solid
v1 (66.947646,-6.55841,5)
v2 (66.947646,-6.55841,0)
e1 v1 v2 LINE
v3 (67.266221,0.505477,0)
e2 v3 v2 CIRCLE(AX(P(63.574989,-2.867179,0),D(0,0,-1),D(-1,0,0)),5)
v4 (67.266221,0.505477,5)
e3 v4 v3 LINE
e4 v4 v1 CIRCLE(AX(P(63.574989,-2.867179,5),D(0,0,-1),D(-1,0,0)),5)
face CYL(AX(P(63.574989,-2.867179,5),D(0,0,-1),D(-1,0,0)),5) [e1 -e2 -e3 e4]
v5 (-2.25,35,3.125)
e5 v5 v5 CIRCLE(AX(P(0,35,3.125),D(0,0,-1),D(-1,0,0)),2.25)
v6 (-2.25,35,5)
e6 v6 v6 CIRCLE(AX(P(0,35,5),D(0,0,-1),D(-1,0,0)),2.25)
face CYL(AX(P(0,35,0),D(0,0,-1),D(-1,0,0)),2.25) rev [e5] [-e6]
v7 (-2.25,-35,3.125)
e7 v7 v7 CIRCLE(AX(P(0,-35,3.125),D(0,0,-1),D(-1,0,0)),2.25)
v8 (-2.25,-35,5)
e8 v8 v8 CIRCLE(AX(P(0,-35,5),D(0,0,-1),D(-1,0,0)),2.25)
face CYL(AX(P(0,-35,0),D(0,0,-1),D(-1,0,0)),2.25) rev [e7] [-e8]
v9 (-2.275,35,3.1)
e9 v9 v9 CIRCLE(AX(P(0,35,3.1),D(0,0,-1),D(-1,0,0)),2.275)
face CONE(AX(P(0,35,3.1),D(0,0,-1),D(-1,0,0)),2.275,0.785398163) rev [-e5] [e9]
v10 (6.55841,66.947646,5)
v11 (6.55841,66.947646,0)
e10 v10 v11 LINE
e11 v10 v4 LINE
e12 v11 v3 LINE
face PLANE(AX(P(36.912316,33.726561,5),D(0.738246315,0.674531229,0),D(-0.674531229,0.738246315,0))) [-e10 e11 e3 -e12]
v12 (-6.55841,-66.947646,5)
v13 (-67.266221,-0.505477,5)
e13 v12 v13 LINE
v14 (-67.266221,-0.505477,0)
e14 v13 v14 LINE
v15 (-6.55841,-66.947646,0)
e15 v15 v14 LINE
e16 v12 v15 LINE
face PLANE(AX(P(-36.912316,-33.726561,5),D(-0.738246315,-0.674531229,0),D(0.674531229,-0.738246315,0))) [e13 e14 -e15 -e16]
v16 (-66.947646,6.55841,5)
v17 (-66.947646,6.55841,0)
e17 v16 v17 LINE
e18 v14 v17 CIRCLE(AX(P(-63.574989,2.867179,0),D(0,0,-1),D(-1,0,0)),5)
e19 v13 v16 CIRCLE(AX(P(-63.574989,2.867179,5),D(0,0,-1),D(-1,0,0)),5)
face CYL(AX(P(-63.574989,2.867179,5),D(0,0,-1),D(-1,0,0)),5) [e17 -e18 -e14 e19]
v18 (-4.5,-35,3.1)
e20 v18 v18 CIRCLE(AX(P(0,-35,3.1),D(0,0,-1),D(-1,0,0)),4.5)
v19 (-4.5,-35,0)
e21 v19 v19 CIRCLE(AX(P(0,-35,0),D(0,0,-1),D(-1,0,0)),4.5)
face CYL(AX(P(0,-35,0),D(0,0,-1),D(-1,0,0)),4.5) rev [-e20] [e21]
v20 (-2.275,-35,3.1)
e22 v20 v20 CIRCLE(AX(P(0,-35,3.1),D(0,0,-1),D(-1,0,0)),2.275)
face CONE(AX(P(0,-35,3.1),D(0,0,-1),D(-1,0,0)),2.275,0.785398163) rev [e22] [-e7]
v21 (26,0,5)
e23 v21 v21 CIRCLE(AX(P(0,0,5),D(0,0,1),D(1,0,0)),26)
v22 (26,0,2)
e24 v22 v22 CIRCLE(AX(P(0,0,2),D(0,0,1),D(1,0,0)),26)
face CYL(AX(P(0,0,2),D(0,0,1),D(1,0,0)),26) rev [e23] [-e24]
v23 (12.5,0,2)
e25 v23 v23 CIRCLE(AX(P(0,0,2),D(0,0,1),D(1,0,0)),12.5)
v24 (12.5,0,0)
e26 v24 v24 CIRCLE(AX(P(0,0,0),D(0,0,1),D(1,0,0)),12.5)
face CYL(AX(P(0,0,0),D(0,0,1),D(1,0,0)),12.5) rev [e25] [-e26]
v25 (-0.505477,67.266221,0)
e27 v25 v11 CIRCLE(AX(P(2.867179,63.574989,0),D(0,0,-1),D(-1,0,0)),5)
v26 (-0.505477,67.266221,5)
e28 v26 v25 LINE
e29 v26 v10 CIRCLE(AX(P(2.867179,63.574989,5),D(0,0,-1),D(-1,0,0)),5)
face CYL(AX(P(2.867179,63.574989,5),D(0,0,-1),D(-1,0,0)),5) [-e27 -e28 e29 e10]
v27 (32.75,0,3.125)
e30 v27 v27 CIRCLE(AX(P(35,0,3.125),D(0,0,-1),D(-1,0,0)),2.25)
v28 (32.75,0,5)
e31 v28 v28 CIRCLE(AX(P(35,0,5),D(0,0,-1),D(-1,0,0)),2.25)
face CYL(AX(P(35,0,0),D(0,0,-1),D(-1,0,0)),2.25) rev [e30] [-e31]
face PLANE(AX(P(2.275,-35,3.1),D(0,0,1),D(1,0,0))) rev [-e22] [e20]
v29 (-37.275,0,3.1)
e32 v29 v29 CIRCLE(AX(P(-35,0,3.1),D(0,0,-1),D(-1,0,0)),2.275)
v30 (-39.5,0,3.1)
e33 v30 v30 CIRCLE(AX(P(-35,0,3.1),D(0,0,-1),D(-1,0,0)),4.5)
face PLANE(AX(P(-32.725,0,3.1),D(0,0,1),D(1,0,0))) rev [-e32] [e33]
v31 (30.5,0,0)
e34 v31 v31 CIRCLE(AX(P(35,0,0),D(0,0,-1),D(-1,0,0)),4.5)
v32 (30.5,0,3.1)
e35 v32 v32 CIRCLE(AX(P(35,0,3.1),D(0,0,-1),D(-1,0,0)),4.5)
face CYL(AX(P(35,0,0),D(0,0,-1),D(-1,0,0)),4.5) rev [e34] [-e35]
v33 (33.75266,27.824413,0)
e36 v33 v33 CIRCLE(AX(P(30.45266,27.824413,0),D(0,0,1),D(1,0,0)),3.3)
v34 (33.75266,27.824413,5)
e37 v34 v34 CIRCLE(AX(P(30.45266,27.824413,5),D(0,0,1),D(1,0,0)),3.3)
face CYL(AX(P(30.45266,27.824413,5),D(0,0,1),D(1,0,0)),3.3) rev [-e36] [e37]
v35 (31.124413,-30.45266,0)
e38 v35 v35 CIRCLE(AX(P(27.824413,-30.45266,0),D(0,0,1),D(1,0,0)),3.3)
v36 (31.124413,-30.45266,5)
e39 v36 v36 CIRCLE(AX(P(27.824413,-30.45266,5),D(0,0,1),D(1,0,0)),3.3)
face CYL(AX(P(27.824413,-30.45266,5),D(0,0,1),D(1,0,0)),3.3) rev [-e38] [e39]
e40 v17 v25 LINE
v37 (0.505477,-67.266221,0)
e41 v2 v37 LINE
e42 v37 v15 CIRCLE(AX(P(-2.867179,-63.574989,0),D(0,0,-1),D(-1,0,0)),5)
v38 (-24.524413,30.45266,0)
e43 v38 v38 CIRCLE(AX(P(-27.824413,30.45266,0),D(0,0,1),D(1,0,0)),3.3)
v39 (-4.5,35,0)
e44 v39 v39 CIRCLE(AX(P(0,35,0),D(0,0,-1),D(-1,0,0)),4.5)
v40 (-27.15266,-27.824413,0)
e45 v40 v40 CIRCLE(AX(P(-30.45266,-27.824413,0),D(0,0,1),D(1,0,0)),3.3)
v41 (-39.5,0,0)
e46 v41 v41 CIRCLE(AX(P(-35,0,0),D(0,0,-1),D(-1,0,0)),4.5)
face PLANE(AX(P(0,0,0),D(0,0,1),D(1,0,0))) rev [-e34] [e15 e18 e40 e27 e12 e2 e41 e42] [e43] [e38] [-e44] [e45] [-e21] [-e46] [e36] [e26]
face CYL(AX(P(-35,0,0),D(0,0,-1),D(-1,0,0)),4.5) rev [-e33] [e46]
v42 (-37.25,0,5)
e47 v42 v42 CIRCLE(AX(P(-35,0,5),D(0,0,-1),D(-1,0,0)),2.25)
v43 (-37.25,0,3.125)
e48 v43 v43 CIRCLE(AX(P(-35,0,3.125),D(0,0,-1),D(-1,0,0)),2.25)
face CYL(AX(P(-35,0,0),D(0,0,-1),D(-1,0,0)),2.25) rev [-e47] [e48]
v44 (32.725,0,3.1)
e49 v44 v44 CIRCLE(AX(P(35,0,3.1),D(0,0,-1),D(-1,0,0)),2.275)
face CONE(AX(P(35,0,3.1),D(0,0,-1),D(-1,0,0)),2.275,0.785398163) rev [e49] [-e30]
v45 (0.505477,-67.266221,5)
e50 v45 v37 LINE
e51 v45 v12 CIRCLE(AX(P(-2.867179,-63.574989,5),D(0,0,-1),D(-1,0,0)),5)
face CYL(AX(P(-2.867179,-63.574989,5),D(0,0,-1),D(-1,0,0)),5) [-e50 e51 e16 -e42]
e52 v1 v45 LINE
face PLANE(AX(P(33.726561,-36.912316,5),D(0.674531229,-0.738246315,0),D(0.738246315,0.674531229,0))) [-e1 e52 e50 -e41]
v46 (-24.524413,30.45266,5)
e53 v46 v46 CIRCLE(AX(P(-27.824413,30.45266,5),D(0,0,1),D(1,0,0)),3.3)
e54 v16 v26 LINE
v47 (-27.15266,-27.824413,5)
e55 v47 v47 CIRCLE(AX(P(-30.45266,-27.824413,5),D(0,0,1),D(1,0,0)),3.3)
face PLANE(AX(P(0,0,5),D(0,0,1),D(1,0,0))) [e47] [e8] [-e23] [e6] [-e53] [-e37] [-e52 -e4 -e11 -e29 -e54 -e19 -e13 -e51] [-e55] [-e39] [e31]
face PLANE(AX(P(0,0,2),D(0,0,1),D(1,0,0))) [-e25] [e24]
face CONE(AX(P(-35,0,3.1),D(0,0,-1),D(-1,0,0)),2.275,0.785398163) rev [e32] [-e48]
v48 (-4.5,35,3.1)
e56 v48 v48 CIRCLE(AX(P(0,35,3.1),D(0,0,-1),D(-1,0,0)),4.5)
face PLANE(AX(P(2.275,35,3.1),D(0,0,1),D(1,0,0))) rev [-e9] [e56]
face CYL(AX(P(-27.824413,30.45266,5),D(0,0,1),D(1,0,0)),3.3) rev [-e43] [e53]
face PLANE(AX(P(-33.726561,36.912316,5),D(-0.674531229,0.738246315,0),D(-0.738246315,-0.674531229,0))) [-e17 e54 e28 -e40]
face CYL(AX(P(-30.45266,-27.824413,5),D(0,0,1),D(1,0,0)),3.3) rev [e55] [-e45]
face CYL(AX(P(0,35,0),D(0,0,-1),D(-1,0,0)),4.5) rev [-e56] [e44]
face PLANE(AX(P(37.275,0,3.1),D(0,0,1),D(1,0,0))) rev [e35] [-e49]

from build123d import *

# Parameters (mm, degrees)
ESQUISSE1_R                                = 50
BOSS_EXTRU_1_DEPTH                         = 5
ESQUISSE2_R                                = 26
ENL_V_MAT_EXTRU_1_DEPTH                    = 3
ESQUISSE3_R                                = 12.5
ENL_V_MAT_EXTRU_2_DEPTH                    = 71.887234394
CHAMBRAGE_POUR_VIS_T_TE_RONDE_BOMB_2_COUNT = 2
CHAMBRAGE_POUR_VIS_T_TE_RONDE_BOMB_2_PITCH = 49.497474683
CHAMBRAGE_POUR_VIS_T_TE_RONDE_BOMB_3_COUNT = 2
CHAMBRAGE_POUR_VIS_T_TE_RONDE_BOMB_3_PITCH = 70
CHAMBRAGE_POUR_VIS_T_TE_RONDE_BOMB_4_COUNT = 2
CHAMBRAGE_POUR_VIS_T_TE_RONDE_BOMB_4_PITCH = 49.497474683
D_GAGEMENT_M62_D                           = 6.6
BOSS_EXTRU_3_DEPTH                         = 5


with BuildPart() as part:
    # Esquisse1 → Boss.-Extru.1 (new body)
    with BuildSketch(Plane.XY):
        Circle(ESQUISSE1_R)
    extrude(amount=BOSS_EXTRU_1_DEPTH)

    # Esquisse2 → Enlèv. mat.-Extru.1 (cut)
    with BuildSketch(Plane.XY.offset(5)):
        Circle(ESQUISSE2_R)
    extrude(amount=-ENL_V_MAT_EXTRU_1_DEPTH, mode=Mode.SUBTRACT)

    # Esquisse3 → Enlèv. mat.-Extru.2 (cut, through all)
    with BuildSketch(Plane.XY.offset(5)):
        Circle(ESQUISSE3_R)
    extrude(amount=-ENL_V_MAT_EXTRU_2_DEPTH, mode=Mode.SUBTRACT)

    # Esquisse5 → Chambrage pour vis à tête ronde bombée M41 (revolve, cut)
    with BuildSketch(Plane(origin=(0, 35, 0), x_dir=(0, 1, 0), z_dir=(1, 0, 0))):
        Polygon((0, 0), (0, 5), (2.25, 5), (2.25, 3.125), (2.275, 3.1), (4.5, 3.1), (4.5, 0), align=None)
    chambrage_pour_vis_t_te_ronde_bomb_e_m = revolve(axis=Axis((0, 35, -6.35), (0, 0, 1)), mode=Mode.SUBTRACT)

    # Chambrage pour vis _ t_te ronde bomb 2: Chambrage pour vis à tête ronde bombée M41 ×2
    with Locations(*[Vector(-0.7071067811865476, -0.7071067811865476, 0) * (i * CHAMBRAGE_POUR_VIS_T_TE_RONDE_BOMB_2_PITCH) for i in range(1, CHAMBRAGE_POUR_VIS_T_TE_RONDE_BOMB_2_COUNT)]):
        add(chambrage_pour_vis_t_te_ronde_bomb_e_m, mode=Mode.SUBTRACT)

    # Chambrage pour vis _ t_te ronde bomb 3: Chambrage pour vis à tête ronde bombée M41 ×2
    with Locations(*[(0, -i * CHAMBRAGE_POUR_VIS_T_TE_RONDE_BOMB_3_PITCH, 0) for i in range(1, CHAMBRAGE_POUR_VIS_T_TE_RONDE_BOMB_3_COUNT)]):
        add(chambrage_pour_vis_t_te_ronde_bomb_e_m, mode=Mode.SUBTRACT)

    # Chambrage pour vis _ t_te ronde bomb 4: Chambrage pour vis à tête ronde bombée M41 ×2
    with Locations(*[Vector(0.7071067811865476, -0.7071067811865476, 0) * (i * CHAMBRAGE_POUR_VIS_T_TE_RONDE_BOMB_4_PITCH) for i in range(1, CHAMBRAGE_POUR_VIS_T_TE_RONDE_BOMB_4_COUNT)]):
        add(chambrage_pour_vis_t_te_ronde_bomb_e_m, mode=Mode.SUBTRACT)

    # Dégagement M62 (through all)
    with Locations(Plane.XY.offset(5)):
        with Locations((30.452660491, 27.824413184), (-27.824413184, 30.452660491), (-30.452660491, -27.824413184), (27.824413184, -30.452660491)):
            Hole(D_GAGEMENT_M62_D / 2)

    # Esquisse12 → Boss.-Extru.3 (add)
    with BuildSketch(Plane(origin=(0, 0, 0), x_dir=(-1, 0, 0), z_dir=(0, 0, -1))):
        with BuildLine():
            ThreePointArc((-67.266221038, 0.505477263), (-68.56991237, -3.092445728), (-66.947645607, -6.558410455))
            Line((-66.947645607, -6.558410455), (-33.726561375, -36.912315801))
            ThreePointArc((-33.726561375, -36.912315801), (-49.949229092, -2.252667991), (-36.912315035, 33.726562214))
            Line((-36.912315035, 33.726562214), (-67.266221038, 0.505477263))
        make_face()
        with BuildLine():
            ThreePointArc((36.912315932, -33.726561232), (2.252668655, -49.949229062), (-33.726561375, -36.912315801))
            Line((-33.726561375, -36.912315801), (-0.505477263, -67.266221038))
            ThreePointArc((-0.505477263, -67.266221038), (3.092445728, -68.56991237), (6.558410455, -66.947645607))
            Line((6.558410455, -66.947645607), (36.912315932, -33.726561232))
        make_face()
        with BuildLine():
            Line((-6.558410455, 66.947645607), (-36.912315035, 33.726562214))
            ThreePointArc((-36.912315035, 33.726562214), (-2.252667991, 49.949229092), (33.726561375, 36.912315801))
            Line((33.726561375, 36.912315801), (0.505477263, 67.266221038))
            ThreePointArc((0.505477263, 67.266221038), (-3.092445728, 68.56991237), (-6.558410455, 66.947645607))
        make_face()
        with BuildLine():
            ThreePointArc((33.726561375, 36.912315801), (49.949229062, 2.252668655), (36.912315932, -33.726561232))
            Line((36.912315932, -33.726561232), (67.266221038, -0.505477263))
            ThreePointArc((67.266221038, -0.505477263), (68.56991237, 3.092445728), (66.947645607, 6.558410455))
            Line((66.947645607, 6.558410455), (33.726561375, 36.912315801))
        make_face()
    extrude(amount=-BOSS_EXTRU_3_DEPTH)


solid = part.part
